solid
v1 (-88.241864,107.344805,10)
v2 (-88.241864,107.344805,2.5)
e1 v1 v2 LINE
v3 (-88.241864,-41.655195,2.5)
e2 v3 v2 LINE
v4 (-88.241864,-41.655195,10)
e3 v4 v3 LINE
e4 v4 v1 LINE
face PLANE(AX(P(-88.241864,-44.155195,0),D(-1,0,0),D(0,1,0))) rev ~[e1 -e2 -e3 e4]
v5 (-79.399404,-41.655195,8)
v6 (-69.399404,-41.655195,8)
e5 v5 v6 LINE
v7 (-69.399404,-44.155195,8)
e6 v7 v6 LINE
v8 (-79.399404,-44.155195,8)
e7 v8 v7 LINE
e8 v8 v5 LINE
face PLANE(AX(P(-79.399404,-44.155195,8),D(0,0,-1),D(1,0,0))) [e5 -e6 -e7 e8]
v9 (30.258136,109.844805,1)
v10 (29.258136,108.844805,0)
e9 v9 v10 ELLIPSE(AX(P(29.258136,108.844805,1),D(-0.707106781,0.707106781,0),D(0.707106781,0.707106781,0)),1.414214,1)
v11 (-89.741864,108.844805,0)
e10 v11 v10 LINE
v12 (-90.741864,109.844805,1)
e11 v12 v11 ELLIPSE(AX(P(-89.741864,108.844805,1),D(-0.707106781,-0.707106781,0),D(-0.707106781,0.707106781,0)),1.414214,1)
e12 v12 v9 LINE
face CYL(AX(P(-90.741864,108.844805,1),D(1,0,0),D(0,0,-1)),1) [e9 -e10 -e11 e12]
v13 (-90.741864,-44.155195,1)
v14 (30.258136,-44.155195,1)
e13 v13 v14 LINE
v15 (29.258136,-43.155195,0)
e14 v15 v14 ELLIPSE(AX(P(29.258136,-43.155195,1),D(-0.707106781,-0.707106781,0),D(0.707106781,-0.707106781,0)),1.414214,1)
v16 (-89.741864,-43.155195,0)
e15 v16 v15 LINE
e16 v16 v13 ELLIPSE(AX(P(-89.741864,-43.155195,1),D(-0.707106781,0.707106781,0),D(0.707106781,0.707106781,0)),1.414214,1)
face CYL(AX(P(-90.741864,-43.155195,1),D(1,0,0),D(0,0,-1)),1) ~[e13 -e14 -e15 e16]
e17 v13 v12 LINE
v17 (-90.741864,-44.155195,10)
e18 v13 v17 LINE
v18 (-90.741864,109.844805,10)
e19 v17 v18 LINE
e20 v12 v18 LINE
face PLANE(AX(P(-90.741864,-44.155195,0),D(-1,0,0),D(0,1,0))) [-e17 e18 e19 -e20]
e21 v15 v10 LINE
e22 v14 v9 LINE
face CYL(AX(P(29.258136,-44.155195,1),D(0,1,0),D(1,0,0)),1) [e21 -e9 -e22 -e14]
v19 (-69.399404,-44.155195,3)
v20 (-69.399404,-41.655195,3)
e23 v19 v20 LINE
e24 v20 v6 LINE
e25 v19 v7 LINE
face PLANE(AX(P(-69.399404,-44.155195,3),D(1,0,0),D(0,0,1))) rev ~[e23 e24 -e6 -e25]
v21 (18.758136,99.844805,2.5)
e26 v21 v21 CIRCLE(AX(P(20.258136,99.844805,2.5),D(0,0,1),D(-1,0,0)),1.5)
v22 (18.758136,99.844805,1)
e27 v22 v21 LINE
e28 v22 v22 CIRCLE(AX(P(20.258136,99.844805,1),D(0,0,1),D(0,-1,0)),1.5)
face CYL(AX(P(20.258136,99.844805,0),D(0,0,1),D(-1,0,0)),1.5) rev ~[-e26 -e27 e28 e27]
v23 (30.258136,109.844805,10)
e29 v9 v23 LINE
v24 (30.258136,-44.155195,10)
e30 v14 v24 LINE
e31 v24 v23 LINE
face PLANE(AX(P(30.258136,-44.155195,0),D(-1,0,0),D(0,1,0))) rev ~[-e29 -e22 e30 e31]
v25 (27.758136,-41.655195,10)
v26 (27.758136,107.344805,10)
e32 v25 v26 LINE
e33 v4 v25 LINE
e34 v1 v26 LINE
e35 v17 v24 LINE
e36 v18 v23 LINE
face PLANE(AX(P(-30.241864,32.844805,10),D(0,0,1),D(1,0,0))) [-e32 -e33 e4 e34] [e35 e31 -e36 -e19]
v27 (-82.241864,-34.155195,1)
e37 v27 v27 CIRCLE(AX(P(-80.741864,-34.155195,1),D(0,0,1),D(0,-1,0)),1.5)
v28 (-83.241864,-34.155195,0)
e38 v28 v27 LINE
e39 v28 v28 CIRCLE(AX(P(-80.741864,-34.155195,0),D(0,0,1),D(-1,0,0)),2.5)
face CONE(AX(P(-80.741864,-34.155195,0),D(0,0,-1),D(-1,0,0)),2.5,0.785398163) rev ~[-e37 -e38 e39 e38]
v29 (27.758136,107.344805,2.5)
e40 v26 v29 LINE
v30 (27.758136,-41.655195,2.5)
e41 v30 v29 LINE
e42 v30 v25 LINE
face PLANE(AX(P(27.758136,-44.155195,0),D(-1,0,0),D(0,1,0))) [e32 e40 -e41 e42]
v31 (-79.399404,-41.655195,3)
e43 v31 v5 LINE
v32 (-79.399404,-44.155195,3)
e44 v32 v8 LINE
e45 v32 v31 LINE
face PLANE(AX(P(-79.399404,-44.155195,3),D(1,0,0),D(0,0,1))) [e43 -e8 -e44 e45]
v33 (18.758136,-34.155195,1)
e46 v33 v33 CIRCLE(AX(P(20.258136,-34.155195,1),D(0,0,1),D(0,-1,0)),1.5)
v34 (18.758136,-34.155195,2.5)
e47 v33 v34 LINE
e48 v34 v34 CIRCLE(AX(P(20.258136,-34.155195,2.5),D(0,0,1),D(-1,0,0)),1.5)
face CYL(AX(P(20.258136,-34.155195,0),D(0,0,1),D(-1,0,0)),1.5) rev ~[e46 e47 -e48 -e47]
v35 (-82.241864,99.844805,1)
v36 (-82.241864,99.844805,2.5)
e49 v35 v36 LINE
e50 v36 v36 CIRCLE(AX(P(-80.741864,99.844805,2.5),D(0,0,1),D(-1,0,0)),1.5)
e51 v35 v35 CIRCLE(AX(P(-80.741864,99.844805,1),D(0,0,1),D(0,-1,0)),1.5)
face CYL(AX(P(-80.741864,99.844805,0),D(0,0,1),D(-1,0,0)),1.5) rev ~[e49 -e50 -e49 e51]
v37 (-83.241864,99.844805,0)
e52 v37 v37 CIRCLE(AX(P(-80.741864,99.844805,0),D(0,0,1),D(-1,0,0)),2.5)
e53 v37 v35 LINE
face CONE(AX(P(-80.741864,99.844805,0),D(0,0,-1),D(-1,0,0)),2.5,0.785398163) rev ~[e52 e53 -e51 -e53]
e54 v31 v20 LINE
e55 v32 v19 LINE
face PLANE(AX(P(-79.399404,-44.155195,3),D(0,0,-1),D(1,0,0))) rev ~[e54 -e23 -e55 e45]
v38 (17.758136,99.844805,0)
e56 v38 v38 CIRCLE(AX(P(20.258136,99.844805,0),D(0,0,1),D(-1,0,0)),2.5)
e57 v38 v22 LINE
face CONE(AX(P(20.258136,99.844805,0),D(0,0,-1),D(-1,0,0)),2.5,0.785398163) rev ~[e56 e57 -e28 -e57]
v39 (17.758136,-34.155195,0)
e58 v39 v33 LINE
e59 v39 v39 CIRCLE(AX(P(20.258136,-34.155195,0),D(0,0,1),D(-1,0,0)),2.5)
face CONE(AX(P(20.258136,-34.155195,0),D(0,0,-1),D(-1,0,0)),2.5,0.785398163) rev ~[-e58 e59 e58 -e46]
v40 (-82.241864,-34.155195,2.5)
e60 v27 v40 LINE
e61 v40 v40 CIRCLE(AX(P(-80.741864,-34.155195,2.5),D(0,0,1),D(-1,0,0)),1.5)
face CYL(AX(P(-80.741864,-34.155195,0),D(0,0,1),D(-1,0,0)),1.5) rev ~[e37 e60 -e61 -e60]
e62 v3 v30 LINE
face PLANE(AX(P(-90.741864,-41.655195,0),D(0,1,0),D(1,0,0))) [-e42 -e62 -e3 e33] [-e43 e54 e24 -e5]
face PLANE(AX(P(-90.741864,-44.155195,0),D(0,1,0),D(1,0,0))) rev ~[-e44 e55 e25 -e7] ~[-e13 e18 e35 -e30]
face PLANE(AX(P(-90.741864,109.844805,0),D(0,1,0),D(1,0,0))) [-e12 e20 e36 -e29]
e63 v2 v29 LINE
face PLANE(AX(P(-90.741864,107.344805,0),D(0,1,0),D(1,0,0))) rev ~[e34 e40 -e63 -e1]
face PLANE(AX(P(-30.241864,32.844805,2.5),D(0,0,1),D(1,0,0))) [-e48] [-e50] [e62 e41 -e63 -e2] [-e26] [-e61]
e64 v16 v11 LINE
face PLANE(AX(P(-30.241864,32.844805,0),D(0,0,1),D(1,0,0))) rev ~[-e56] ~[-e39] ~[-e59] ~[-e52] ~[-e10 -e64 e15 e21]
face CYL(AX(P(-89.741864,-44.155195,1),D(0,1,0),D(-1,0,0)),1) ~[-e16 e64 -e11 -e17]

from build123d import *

# Parameters (mm, degrees)
F0_W           = 121
F0_H           = 154
F1_DEPTH       = 10
F2_T           = -2.5
F4_D           = 3
F4_CSINK_D     = 5
F4_CSINK_ANGLE = 90
F5_R           = 1
F6_W           = 10
F6_H           = 5
F7_DEPTH       = 2.5


with BuildPart() as f1:
    # F0 (on Top) → F1 (new body)
    with BuildSketch(Plane.XY):
        with Locations((-30.2418641299, 32.8448046446)):
            Rectangle(F0_W, F0_H)
    extrude(amount=F1_DEPTH)

    # F2
    f2_openings = [f1.faces().sort_by_distance(p)[0] for p in [
        (-30.241864, 32.844805, 10),
    ]]
    offset(amount=F2_T, openings=f2_openings)

    # F4 (through all)
    with Locations(Plane(origin=(0, 0, 0), x_dir=(1, 0, 0), z_dir=(0, 0, -1))):
        with Locations((-80.7418641299, 34.1551953554), (20.2581358701, 34.1551953554), (-80.7418641299, -99.8448046446), (20.2581358701, -99.8448046446)):
            CounterSinkHole(F4_D / 2, F4_CSINK_D / 2, counter_sink_angle=F4_CSINK_ANGLE)

    # F5
    f5_edges = [f1.edges().sort_by_distance(p)[0] for p in [
        (-30.241864, -44.155195, 0),
        (-90.741864, 32.844805, 0),
        (30.258136, 32.844805, 0),
        (-30.241864, 109.844805, 0),
    ]]
    fillet(f5_edges, radius=F5_R)

    # F6 (on face) → F7 (cut, through all)
    with BuildSketch(Plane.XZ.offset(44.1551953554)):
        with Locations((-74.3994042277, 5.5)):
            Rectangle(F6_W, F6_H)
    extrude(amount=-F7_DEPTH, mode=Mode.SUBTRACT)


solid = f1.part
